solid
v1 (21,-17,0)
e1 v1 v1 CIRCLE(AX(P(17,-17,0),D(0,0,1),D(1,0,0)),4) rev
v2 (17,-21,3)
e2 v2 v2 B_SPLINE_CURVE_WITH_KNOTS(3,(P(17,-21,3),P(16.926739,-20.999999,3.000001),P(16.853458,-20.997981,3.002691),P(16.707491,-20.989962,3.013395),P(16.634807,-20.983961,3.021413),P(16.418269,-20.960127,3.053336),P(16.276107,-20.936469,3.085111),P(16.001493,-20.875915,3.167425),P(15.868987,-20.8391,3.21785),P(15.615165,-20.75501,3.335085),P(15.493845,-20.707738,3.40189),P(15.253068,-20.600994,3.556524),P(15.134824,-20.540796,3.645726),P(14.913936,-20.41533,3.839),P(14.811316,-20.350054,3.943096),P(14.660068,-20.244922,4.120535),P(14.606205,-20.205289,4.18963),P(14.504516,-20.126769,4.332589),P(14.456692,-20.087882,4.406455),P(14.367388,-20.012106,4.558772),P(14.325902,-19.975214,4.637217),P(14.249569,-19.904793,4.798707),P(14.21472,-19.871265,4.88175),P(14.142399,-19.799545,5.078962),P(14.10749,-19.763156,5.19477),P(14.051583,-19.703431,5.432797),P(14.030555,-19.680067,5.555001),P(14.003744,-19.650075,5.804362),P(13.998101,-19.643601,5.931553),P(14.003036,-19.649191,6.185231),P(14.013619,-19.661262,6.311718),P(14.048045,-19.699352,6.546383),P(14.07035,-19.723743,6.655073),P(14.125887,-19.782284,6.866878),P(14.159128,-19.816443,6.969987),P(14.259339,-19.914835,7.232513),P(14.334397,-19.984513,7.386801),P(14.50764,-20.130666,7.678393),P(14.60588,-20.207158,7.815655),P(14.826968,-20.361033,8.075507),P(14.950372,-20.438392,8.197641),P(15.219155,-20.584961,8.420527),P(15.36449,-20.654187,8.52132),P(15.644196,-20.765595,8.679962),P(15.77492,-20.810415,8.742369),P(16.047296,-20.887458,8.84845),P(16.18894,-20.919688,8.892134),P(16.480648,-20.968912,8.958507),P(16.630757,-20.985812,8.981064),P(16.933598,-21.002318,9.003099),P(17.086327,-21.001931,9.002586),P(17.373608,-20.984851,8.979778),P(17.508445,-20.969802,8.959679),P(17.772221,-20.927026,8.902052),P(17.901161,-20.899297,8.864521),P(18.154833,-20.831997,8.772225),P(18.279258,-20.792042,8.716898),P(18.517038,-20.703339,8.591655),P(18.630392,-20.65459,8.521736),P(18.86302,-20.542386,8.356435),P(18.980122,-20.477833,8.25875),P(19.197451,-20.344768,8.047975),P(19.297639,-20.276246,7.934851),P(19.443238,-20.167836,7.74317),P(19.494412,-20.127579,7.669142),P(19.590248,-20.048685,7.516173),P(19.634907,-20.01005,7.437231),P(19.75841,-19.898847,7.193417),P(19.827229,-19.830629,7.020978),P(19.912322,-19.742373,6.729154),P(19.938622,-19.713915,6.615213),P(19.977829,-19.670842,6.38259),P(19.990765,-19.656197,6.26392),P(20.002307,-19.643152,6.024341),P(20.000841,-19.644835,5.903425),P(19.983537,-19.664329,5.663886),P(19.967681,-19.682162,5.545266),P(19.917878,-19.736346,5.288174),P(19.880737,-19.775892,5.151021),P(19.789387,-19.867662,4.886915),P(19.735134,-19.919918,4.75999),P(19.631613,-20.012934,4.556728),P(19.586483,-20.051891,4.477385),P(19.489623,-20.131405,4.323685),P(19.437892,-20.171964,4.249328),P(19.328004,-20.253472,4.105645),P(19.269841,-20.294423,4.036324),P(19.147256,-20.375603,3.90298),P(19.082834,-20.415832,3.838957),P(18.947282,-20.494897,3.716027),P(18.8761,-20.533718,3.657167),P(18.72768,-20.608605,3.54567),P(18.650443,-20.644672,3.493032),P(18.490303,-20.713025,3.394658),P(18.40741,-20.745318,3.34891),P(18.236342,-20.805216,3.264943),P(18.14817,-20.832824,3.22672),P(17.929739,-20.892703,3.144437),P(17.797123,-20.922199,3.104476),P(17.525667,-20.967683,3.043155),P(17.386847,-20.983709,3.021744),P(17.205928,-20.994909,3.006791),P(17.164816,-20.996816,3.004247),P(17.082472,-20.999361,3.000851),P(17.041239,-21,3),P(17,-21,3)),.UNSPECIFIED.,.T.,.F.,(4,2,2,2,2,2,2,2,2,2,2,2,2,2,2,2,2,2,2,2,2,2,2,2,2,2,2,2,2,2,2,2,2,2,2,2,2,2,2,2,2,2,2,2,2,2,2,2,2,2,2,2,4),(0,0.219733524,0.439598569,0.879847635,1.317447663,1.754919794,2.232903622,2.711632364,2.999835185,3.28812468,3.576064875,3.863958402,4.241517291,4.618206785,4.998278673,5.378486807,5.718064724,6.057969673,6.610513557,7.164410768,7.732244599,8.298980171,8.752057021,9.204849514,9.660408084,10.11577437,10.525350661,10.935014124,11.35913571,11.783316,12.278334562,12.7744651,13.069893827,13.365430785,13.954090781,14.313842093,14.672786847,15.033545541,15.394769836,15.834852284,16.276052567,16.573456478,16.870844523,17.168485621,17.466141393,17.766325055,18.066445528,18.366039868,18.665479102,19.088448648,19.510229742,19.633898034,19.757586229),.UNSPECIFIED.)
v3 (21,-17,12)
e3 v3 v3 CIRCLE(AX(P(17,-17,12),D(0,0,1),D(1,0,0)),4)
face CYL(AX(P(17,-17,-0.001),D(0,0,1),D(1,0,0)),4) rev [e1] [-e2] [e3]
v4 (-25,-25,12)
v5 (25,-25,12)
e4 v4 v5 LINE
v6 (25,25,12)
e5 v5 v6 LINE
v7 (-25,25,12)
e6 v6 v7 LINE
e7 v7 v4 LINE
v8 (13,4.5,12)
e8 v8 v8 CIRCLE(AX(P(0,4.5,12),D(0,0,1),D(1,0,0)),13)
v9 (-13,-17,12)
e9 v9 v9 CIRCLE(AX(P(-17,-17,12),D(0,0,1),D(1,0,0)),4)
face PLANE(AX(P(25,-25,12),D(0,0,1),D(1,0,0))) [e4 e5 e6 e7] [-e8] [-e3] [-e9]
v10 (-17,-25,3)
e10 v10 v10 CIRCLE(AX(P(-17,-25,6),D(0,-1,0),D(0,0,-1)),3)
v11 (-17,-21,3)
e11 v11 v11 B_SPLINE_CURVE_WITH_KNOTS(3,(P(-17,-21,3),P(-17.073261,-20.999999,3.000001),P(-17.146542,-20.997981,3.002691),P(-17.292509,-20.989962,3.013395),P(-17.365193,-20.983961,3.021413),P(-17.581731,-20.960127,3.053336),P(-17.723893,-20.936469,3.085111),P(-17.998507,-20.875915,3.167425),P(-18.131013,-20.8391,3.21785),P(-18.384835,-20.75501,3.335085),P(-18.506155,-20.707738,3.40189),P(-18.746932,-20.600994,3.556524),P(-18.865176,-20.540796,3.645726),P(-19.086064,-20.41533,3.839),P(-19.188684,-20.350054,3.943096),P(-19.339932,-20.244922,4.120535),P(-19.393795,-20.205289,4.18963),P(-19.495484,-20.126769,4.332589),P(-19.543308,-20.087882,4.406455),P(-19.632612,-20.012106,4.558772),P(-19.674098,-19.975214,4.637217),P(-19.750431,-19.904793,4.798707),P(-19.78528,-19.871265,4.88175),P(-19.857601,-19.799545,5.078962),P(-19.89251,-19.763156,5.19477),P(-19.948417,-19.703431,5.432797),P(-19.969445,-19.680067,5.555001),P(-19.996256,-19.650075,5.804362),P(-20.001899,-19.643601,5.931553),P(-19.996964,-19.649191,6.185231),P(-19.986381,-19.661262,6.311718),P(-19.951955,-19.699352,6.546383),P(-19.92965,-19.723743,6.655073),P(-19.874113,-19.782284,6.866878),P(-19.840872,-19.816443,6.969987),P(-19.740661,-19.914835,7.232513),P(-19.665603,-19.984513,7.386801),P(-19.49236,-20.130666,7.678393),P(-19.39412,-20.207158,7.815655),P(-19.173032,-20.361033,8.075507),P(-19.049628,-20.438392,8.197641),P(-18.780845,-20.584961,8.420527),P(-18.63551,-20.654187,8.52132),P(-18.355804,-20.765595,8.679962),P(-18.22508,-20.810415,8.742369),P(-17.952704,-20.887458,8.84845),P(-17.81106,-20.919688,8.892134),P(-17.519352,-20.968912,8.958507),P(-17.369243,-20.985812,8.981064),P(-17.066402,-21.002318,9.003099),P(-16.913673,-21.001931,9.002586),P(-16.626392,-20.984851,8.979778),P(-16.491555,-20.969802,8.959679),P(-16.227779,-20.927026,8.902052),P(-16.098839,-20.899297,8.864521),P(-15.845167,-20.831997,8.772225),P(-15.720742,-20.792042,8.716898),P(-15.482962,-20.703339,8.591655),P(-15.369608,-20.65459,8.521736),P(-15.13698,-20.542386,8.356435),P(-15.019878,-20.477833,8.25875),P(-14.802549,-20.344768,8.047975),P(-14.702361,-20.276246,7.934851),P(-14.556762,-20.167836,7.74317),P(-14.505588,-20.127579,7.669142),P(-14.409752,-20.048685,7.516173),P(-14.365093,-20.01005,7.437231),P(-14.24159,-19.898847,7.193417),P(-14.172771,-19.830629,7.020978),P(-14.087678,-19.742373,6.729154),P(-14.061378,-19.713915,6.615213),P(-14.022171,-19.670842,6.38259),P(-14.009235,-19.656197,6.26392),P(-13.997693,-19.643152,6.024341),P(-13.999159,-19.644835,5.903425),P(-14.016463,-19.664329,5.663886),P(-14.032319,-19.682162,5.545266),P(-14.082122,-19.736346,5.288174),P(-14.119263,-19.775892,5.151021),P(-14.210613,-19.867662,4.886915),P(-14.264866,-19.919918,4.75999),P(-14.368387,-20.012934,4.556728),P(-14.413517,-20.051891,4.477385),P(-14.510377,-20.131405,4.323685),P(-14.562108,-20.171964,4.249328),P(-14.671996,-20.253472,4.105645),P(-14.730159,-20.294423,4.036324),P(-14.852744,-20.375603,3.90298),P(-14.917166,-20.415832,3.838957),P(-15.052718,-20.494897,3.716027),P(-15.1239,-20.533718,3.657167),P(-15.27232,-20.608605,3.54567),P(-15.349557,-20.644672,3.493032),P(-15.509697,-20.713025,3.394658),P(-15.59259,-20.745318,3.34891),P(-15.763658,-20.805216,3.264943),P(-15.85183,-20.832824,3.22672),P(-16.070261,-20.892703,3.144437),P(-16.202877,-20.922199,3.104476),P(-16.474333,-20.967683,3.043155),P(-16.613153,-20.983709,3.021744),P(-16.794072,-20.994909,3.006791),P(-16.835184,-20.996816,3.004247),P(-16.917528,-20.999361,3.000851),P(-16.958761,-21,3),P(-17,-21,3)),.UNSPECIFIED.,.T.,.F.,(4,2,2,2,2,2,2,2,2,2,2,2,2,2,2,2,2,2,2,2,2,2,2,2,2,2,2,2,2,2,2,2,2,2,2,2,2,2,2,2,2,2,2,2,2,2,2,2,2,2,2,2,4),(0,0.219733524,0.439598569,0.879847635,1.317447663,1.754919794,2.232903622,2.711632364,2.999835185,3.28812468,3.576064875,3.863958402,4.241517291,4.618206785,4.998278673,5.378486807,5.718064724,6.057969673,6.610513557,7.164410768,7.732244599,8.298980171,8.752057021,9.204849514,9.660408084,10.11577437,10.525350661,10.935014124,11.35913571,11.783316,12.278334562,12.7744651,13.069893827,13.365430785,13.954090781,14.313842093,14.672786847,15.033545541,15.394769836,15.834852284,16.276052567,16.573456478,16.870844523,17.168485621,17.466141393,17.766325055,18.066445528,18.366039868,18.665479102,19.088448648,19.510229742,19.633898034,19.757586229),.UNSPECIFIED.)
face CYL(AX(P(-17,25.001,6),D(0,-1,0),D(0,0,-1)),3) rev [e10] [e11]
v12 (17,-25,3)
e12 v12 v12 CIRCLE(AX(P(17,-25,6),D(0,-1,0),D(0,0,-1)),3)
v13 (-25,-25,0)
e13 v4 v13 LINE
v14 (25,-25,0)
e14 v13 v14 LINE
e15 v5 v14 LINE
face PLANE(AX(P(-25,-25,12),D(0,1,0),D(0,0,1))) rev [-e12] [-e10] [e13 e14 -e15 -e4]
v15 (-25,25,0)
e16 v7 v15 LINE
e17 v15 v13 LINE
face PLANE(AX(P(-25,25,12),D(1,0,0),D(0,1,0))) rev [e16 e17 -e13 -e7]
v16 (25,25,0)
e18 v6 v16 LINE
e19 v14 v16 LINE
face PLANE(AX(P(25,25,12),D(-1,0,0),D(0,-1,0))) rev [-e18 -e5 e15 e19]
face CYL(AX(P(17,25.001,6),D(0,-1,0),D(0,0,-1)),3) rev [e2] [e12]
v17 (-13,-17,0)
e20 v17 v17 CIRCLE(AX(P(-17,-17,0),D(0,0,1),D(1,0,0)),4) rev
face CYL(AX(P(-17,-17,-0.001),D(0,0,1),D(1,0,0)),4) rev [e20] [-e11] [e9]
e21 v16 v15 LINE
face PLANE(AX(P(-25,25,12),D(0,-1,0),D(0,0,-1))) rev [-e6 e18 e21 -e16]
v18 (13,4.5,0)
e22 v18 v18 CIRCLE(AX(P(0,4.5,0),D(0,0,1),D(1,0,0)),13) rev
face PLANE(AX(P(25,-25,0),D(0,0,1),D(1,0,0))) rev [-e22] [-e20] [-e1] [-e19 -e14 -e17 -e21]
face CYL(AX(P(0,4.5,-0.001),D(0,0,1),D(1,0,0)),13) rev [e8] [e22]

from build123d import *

# Parameters (mm, degrees)
SKETCH1_W           = 50
SKETCH1_H           = 50
BOSS_EXTRUDE1_DEPTH = 12
CUT_EXTRUDE1_REACH  = 39.336
SKETCH2_R           = 13
CUT_EXTRUDE2_REACH  = 39.336
SKETCH3_R           = 4
CUT_EXTRUDE3_REACH  = 59.175
SKETCH4_R           = 3


with BuildPart() as part:
    # Sketch1 → Boss-Extrude1 (new body)
    with BuildSketch(Plane.XY):
        Rectangle(SKETCH1_W, SKETCH1_H)
    extrude(amount=BOSS_EXTRUDE1_DEPTH)

    # Sketch2 → Cut-Extrude1 (cut, up to next)
    with BuildSketch(Plane.XY.offset(12), mode=Mode.PRIVATE) as cut_extrude1_sk1:
        with Locations((0, 4.5)):
            Circle(SKETCH2_R)
    cut_extrude1_tool1 = extrude(cut_extrude1_sk1.sketch, amount=-CUT_EXTRUDE1_REACH, mode=Mode.PRIVATE) & part.part
    add(cut_extrude1_tool1.solids().sort_by_distance((0, 4.5, 12))[0], mode=Mode.SUBTRACT)

    # Sketch3 → Cut-Extrude2 (cut, up to next)
    with BuildSketch(Plane.XY.offset(12), mode=Mode.PRIVATE) as cut_extrude2_sk1:
        with Locations((-17, -17)):
            Circle(SKETCH3_R)
    cut_extrude2_tool1 = extrude(cut_extrude2_sk1.sketch, amount=-CUT_EXTRUDE2_REACH, mode=Mode.PRIVATE) & part.part
    # Sketch3 → Cut-Extrude2 (cut, up to next)
    with BuildSketch(Plane.XY.offset(12), mode=Mode.PRIVATE) as cut_extrude2_sk2:
        with Locations((17, -17)):
            Circle(SKETCH3_R)
    cut_extrude2_tool2 = extrude(cut_extrude2_sk2.sketch, amount=-CUT_EXTRUDE2_REACH, mode=Mode.PRIVATE) & part.part
    add(cut_extrude2_tool1.solids().sort_by_distance((-17, -17, 12))[0], mode=Mode.SUBTRACT)
    add(cut_extrude2_tool2.solids().sort_by_distance((17, -17, 12))[0], mode=Mode.SUBTRACT)

    # Sketch4 → Cut-Extrude3 (cut, up to next)
    with BuildSketch(Plane.XZ.offset(25), mode=Mode.PRIVATE) as cut_extrude3_sk1:
        with Locations(Location((17, 6, 0), (0, 0, 270))):
            Circle(SKETCH4_R)
    cut_extrude3_tool1 = extrude(cut_extrude3_sk1.sketch, amount=-CUT_EXTRUDE3_REACH, mode=Mode.PRIVATE) & part.part
    # Sketch4 → Cut-Extrude3 (cut, up to next)
    with BuildSketch(Plane.XZ.offset(25), mode=Mode.PRIVATE) as cut_extrude3_sk2:
        with Locations(Location((-17, 6, 0), (0, 0, 270))):
            Circle(SKETCH4_R)
    cut_extrude3_tool2 = extrude(cut_extrude3_sk2.sketch, amount=-CUT_EXTRUDE3_REACH, mode=Mode.PRIVATE) & part.part
    add(cut_extrude3_tool1.solids().sort_by_distance((17, -25, 6))[0], mode=Mode.SUBTRACT)
    add(cut_extrude3_tool2.solids().sort_by_distance((-17, -25, 6))[0], mode=Mode.SUBTRACT)


solid = part.part
